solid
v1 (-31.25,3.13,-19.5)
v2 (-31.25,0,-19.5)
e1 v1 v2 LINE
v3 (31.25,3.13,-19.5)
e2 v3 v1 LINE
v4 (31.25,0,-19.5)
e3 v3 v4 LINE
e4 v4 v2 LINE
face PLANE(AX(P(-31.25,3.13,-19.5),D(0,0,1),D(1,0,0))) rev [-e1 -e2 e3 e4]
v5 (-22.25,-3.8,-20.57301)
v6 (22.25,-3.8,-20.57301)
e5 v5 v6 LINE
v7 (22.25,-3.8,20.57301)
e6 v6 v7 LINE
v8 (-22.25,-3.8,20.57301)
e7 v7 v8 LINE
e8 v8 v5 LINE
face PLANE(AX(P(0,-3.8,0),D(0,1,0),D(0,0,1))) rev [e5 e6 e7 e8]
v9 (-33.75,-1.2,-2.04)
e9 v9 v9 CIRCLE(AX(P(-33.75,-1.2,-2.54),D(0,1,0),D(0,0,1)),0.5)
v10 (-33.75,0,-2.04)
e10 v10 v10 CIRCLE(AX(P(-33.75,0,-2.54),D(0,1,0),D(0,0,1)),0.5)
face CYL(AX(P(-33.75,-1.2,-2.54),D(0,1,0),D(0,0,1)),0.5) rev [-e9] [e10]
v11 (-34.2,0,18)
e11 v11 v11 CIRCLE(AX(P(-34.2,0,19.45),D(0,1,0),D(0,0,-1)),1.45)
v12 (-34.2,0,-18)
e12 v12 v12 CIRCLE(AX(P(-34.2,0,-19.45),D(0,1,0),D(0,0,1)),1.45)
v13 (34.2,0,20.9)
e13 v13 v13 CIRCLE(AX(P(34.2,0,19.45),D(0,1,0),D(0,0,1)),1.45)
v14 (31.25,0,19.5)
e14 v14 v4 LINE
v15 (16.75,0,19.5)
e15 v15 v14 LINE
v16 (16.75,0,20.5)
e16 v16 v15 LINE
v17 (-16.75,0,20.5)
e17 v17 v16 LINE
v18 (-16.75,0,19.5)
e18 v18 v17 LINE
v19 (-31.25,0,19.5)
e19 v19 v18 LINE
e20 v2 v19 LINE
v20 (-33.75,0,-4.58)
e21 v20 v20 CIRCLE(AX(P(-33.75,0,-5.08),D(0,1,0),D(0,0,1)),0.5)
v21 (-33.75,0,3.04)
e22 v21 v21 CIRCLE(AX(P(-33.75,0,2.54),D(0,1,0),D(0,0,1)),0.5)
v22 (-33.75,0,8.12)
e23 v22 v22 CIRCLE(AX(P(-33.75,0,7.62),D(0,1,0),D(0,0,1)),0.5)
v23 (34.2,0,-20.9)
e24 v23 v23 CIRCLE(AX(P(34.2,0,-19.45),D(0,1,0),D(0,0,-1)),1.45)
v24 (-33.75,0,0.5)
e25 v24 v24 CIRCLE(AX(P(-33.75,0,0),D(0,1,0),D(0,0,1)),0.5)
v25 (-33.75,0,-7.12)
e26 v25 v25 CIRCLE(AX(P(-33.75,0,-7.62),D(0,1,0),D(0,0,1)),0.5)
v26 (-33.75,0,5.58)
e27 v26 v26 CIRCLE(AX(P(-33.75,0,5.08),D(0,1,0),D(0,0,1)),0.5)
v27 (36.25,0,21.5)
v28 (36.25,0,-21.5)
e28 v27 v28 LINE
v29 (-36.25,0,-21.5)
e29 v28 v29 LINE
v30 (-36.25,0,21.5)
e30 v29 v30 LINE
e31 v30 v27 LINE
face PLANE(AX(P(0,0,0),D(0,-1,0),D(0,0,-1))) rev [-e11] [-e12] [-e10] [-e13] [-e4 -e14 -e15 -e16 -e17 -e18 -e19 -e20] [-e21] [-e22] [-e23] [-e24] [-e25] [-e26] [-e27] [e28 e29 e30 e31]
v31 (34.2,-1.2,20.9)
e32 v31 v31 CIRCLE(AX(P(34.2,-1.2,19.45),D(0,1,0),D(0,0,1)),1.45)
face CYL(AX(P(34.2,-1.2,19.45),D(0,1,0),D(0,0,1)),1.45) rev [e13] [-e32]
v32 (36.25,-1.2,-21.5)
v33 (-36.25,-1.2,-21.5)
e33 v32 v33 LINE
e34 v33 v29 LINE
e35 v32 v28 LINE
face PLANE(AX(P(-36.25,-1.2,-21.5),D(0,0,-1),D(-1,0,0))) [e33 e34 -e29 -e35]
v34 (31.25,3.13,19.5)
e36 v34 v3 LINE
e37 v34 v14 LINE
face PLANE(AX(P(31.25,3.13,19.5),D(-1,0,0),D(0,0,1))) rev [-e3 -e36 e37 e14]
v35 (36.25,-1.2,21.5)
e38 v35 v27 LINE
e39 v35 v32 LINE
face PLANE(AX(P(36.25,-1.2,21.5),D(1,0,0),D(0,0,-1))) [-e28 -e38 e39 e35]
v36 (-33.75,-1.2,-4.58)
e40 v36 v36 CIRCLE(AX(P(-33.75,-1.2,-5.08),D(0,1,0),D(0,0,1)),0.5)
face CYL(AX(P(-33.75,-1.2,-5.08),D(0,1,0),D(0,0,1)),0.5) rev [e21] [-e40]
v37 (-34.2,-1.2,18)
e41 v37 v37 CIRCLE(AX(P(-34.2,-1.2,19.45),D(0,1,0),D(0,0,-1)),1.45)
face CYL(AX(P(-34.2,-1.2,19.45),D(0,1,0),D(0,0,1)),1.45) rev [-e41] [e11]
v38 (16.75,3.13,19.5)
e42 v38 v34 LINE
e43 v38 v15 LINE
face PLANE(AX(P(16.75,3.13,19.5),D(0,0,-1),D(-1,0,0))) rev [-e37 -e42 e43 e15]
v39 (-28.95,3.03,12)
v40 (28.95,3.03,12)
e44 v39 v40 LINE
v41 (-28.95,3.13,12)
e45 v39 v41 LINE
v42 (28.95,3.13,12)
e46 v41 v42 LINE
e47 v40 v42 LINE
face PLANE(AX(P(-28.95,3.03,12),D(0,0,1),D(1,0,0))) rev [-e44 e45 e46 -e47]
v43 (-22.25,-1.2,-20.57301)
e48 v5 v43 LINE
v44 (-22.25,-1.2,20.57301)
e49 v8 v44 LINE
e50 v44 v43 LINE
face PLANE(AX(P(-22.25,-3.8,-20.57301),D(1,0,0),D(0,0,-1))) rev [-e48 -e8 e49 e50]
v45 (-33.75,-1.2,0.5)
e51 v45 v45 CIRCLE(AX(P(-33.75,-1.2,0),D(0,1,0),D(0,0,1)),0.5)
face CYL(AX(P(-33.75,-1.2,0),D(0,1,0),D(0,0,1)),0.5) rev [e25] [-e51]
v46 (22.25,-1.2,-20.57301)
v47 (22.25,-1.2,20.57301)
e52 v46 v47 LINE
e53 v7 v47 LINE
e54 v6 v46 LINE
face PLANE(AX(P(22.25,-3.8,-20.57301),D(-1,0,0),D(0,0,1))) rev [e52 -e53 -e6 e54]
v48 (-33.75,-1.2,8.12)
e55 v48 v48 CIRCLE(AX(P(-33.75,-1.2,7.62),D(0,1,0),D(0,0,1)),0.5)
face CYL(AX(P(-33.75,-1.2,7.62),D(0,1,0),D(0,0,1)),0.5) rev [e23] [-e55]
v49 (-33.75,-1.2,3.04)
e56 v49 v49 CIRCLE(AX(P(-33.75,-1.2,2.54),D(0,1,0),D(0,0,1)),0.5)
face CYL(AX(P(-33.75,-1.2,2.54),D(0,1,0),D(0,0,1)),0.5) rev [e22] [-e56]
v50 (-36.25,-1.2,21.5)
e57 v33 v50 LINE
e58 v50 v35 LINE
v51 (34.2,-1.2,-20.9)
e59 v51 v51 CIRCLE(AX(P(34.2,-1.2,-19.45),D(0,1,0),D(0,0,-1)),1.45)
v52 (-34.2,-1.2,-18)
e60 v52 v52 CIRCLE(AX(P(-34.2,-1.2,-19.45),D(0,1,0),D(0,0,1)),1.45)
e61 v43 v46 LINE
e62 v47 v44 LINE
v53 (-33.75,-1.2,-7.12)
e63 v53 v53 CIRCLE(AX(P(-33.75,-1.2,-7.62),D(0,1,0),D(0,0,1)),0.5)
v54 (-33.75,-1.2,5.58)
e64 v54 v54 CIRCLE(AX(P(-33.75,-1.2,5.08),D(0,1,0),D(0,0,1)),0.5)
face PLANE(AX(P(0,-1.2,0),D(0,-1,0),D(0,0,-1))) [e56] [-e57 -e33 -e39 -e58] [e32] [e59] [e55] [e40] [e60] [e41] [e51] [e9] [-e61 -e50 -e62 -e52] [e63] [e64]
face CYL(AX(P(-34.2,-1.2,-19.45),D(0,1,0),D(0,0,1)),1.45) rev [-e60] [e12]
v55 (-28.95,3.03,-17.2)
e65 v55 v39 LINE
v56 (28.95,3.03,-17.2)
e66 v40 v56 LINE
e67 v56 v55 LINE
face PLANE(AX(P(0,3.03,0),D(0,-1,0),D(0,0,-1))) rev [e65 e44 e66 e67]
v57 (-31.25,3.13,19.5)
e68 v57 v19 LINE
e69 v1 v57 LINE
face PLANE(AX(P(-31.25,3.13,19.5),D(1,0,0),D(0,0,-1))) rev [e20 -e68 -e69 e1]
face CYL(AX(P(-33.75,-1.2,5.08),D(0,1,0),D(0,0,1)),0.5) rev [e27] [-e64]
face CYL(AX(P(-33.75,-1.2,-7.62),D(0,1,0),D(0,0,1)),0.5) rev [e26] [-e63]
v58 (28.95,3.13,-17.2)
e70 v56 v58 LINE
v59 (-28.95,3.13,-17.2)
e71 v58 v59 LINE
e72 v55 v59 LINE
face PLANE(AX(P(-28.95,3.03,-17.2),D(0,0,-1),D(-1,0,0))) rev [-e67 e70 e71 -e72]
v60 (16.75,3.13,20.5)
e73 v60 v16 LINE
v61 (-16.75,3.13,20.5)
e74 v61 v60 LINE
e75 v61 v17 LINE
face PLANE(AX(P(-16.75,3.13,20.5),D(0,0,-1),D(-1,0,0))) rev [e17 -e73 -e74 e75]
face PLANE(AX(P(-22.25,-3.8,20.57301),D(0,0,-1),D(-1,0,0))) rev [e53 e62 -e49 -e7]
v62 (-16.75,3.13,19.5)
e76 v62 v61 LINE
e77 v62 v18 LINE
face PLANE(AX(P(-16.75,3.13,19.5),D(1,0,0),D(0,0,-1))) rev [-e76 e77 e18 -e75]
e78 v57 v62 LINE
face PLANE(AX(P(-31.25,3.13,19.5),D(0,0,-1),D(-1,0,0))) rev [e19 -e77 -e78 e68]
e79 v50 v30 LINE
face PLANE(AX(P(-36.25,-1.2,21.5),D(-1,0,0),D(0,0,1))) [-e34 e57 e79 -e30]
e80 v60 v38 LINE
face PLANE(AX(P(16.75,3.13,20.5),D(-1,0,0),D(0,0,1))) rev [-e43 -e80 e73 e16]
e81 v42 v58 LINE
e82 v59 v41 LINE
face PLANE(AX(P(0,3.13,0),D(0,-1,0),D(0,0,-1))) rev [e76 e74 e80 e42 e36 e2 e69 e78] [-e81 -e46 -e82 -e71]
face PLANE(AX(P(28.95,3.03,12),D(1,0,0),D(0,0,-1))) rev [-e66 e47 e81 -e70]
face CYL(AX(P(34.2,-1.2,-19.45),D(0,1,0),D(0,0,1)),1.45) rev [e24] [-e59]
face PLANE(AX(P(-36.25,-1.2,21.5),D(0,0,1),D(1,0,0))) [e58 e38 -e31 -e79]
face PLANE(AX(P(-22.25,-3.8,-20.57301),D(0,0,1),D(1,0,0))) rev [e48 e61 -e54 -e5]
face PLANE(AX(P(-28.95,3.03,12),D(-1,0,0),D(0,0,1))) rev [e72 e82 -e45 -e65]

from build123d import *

# Parameters (mm, degrees)
SKETCH1_W           = 72.5
SKETCH1_H           = 43
SKETCH1_R           = 1.45
SKETCH1_R_2         = 0.5
BOSS_EXTRUDE1_DEPTH = 1.2
SKETCH2_W           = 44.5
SKETCH2_H           = 41.146019014
BOSS_EXTRUDE2_DEPTH = 2.6
BOSS_EXTRUDE3_DEPTH = 3.13
SKETCH4_W           = 57.9
SKETCH4_H           = 29.2
CUT_EXTRUDE1_DEPTH  = 0.1


with BuildPart() as part:
    # Sketch1 → Boss-Extrude1 (new body)
    with BuildSketch(Plane(origin=(0, 0, 0), x_dir=(1, 0, 0), z_dir=(0, 1, 0))):
        Rectangle(SKETCH1_W, SKETCH1_H)
        with Locations((-34.2, 19.45)):
            Circle(SKETCH1_R, mode=Mode.SUBTRACT)
        with Locations((-33.75, 7.62)):
            Circle(SKETCH1_R_2, mode=Mode.SUBTRACT)
        with Locations((-33.75, 5.08)):
            Circle(SKETCH1_R_2, mode=Mode.SUBTRACT)
        with Locations((-33.75, 2.54)):
            Circle(SKETCH1_R_2, mode=Mode.SUBTRACT)
        with Locations((-33.75, 0)):
            Circle(SKETCH1_R_2, mode=Mode.SUBTRACT)
        with Locations((-33.75, -2.54)):
            Circle(SKETCH1_R_2, mode=Mode.SUBTRACT)
        with Locations((-33.75, -5.08)):
            Circle(SKETCH1_R_2, mode=Mode.SUBTRACT)
        with Locations((-33.75, -7.62)):
            Circle(SKETCH1_R_2, mode=Mode.SUBTRACT)
        with Locations((-34.2, -19.45)):
            Circle(SKETCH1_R, mode=Mode.SUBTRACT)
        with Locations((34.2, 19.45)):
            Circle(SKETCH1_R, mode=Mode.SUBTRACT)
        with Locations((34.2, -19.45)):
            Circle(SKETCH1_R, mode=Mode.SUBTRACT)
    extrude(amount=-BOSS_EXTRUDE1_DEPTH)

    # Sketch2 → Boss-Extrude2 (add)
    with BuildSketch(Plane.XZ.offset(1.2)):
        Rectangle(SKETCH2_W, SKETCH2_H)
    extrude(amount=BOSS_EXTRUDE2_DEPTH)

    # Sketch3 → Boss-Extrude3 (add)
    with BuildSketch(Plane(origin=(0, 0, 0), x_dir=(1, 0, 0), z_dir=(0, 1, 0))):
        Polygon((-16.75, -19.5), (-16.75, -20.5), (16.75, -20.5), (16.75, -19.5), (31.25, -19.5), (31.25, 19.5), (-31.25, 19.5), (-31.25, -19.5), align=None)
    extrude(amount=BOSS_EXTRUDE3_DEPTH)

    # Sketch4 → Cut-Extrude1 (cut)
    with BuildSketch(Plane(origin=(0, 3.13, 0), x_dir=(1, 0, 0), z_dir=(0, 1, 0))):
        with Locations((0, 2.6)):
            Rectangle(SKETCH4_W, SKETCH4_H)
    extrude(amount=-CUT_EXTRUDE1_DEPTH, mode=Mode.SUBTRACT)


solid = part.part
